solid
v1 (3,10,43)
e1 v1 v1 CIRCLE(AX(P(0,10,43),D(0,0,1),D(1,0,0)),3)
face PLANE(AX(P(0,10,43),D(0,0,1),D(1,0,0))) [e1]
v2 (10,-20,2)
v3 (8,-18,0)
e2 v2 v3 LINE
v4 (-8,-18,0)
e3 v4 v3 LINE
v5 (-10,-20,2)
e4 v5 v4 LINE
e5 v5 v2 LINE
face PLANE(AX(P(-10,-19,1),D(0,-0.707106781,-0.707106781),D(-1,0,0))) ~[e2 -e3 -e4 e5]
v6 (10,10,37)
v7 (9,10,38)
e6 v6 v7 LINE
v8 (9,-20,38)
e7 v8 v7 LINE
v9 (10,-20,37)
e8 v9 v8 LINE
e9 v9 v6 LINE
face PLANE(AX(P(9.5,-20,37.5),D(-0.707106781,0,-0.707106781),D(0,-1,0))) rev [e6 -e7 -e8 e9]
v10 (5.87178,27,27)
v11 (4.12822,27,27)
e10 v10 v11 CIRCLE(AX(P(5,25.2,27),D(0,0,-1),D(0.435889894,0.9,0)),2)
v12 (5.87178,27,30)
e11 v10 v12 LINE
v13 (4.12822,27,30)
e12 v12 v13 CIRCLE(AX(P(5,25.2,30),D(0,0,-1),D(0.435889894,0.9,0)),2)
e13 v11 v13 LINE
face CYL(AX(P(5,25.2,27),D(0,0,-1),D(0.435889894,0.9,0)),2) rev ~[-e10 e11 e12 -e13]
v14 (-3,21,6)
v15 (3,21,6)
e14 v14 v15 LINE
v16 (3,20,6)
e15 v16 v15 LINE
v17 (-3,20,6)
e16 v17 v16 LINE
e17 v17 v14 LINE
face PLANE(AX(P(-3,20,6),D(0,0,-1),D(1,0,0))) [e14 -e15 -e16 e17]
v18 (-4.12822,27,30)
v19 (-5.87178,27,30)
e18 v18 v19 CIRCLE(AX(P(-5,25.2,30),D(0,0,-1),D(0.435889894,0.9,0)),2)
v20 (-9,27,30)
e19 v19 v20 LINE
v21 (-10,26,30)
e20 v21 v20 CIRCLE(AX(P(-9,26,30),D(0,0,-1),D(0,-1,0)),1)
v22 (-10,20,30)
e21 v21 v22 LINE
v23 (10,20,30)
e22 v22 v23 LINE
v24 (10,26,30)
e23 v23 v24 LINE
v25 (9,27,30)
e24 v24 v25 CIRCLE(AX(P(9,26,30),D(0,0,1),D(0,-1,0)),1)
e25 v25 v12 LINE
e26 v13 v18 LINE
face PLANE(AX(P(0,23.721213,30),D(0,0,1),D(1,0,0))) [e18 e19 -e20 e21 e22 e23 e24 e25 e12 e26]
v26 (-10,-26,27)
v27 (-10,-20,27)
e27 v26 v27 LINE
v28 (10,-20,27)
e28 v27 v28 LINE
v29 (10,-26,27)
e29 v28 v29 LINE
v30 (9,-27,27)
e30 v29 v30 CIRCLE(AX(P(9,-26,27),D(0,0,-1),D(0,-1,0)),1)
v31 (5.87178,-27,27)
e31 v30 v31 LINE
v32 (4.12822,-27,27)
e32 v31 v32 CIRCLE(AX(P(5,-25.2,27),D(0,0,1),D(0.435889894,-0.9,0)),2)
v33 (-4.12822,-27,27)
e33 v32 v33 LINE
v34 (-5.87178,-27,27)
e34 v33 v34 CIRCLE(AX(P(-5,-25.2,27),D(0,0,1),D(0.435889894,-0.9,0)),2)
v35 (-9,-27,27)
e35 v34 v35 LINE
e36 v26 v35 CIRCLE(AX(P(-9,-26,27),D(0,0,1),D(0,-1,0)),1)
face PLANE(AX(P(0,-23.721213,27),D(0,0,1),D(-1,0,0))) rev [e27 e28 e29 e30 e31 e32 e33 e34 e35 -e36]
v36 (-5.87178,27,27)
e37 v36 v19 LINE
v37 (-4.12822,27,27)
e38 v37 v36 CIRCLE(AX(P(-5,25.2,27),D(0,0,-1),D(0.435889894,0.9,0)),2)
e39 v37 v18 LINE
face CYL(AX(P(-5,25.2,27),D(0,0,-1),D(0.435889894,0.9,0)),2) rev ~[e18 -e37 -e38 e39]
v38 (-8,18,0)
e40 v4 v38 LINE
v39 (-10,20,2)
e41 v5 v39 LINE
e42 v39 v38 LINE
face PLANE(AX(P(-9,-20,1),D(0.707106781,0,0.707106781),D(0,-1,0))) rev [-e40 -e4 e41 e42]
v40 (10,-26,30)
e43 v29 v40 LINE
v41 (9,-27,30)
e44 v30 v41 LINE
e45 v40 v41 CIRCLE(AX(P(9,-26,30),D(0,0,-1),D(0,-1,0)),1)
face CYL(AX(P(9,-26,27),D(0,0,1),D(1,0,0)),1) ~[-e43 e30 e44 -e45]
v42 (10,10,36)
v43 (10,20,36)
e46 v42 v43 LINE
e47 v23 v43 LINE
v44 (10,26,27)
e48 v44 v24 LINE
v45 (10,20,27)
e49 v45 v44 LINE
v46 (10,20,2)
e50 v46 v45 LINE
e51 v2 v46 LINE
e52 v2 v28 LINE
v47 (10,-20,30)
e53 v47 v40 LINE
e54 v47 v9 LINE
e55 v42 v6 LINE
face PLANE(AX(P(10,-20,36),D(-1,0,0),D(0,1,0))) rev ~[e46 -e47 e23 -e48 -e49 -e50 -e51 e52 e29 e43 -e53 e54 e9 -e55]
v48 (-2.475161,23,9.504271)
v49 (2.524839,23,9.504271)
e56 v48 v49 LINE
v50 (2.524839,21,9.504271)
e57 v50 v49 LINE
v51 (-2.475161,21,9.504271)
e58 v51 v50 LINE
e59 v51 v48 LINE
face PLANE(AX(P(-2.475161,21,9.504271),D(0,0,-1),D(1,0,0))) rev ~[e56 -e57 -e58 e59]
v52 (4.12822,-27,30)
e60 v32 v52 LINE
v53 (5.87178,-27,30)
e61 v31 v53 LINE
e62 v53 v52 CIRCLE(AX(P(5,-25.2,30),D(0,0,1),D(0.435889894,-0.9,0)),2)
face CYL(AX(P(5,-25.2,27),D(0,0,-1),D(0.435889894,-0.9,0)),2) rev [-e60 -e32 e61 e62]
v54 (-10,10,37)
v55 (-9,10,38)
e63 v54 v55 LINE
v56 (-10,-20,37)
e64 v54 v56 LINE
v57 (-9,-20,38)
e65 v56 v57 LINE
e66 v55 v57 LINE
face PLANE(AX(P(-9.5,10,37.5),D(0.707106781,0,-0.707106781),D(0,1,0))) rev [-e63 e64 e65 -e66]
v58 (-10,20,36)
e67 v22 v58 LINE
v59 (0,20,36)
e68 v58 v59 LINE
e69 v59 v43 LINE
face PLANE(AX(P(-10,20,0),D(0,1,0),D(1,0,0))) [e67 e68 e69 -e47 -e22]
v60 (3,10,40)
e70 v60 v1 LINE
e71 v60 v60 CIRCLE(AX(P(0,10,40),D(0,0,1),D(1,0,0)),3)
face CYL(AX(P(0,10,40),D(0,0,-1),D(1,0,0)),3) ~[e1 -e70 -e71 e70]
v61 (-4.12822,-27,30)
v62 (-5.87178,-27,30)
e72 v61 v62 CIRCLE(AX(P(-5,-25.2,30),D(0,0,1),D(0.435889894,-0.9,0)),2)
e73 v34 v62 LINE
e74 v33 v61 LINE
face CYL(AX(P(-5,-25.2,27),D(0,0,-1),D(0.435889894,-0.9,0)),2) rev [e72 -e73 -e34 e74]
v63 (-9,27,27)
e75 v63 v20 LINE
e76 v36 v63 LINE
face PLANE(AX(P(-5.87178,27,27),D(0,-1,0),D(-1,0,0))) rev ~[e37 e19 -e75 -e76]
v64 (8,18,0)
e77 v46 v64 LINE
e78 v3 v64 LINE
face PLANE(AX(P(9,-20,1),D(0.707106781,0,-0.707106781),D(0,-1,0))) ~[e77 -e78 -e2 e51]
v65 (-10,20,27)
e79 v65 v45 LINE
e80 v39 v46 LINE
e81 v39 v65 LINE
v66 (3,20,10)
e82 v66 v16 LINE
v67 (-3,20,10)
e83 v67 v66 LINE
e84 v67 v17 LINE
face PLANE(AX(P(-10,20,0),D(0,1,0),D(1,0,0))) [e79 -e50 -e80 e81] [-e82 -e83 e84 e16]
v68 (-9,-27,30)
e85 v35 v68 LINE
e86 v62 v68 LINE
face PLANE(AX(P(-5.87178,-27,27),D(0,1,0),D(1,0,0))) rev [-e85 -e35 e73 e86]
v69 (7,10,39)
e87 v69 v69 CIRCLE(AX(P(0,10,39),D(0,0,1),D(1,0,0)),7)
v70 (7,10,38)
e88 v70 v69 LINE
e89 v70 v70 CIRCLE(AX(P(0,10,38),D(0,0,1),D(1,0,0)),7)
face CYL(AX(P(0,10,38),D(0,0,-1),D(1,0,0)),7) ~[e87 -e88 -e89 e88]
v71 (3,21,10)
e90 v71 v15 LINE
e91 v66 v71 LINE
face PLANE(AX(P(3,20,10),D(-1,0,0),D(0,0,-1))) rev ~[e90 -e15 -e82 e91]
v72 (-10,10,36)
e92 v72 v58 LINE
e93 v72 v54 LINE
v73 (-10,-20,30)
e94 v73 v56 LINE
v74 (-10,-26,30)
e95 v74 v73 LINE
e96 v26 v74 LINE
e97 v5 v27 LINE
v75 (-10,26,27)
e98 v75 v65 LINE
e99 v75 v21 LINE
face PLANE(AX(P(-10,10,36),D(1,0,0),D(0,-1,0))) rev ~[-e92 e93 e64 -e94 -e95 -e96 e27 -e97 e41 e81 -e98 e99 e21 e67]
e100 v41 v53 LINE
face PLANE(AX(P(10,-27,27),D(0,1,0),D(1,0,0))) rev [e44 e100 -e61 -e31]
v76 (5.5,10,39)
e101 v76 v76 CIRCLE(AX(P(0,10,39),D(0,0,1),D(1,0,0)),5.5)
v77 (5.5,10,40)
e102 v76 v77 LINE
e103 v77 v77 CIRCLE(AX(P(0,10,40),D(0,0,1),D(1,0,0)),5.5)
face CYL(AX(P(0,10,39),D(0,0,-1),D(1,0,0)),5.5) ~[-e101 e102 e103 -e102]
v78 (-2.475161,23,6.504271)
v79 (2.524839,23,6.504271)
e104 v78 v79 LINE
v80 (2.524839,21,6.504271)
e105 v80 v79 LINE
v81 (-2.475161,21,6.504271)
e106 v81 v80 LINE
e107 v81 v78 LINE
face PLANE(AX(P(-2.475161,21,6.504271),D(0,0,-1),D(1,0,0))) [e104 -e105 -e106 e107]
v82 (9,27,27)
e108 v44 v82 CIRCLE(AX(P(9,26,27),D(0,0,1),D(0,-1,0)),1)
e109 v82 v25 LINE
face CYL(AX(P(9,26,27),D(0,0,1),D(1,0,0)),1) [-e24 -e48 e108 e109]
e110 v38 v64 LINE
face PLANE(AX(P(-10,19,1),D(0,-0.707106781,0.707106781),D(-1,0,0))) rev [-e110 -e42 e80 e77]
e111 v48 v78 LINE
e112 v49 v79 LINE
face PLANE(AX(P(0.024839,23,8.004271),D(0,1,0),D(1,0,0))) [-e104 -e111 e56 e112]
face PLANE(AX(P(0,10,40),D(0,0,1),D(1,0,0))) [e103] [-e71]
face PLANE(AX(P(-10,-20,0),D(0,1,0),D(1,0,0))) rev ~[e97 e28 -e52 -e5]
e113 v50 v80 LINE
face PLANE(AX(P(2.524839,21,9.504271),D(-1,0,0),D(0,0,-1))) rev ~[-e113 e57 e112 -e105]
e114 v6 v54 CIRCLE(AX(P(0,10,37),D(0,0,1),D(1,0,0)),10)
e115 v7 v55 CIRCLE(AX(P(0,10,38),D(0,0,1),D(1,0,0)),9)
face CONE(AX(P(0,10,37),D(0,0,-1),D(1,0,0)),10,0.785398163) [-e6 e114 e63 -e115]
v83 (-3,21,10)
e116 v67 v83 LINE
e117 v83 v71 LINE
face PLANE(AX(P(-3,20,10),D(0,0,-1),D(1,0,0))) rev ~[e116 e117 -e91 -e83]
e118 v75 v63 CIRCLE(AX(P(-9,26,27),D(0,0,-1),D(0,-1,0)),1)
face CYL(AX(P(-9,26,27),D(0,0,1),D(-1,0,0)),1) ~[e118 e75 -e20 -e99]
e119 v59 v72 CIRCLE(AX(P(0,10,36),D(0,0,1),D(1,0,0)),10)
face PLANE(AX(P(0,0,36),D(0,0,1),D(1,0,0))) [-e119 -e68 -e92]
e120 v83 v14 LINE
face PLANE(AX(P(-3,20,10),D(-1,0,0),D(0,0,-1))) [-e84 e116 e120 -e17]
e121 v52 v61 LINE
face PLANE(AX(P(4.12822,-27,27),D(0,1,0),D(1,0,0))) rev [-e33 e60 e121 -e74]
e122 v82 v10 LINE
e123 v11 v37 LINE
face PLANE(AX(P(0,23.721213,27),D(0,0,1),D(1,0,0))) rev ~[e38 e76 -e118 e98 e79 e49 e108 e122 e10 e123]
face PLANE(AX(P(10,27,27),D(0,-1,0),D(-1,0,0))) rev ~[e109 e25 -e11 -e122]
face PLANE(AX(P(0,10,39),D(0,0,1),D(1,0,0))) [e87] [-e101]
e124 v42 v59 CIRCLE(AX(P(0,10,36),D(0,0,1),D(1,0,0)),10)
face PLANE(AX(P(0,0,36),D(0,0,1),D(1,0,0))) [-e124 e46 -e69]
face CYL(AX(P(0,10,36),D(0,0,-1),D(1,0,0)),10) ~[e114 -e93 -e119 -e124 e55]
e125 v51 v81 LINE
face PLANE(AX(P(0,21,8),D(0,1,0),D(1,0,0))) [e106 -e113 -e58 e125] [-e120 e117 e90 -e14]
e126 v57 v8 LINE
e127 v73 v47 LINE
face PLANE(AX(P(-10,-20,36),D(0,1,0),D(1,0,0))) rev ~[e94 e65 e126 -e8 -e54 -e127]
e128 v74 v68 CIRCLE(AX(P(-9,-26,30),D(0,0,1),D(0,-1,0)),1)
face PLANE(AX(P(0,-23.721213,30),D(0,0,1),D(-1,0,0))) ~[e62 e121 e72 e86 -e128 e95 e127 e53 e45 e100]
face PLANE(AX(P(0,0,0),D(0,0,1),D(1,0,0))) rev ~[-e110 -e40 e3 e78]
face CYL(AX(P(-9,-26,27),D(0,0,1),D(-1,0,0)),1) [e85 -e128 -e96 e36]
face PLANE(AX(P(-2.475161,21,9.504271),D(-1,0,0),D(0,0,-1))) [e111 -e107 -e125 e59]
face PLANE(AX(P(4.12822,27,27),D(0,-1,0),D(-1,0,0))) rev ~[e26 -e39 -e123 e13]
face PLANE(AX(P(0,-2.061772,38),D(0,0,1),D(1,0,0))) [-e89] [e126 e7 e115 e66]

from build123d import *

# Parameters (mm, degrees)
SKETCH1_W            = 20
SKETCH1_H            = 40
BOSS_EXTRUDE1_DEPTH  = 36
CHAMFER1_SIZE        = 2
BOSS_EXTRUDE7_DEPTH  = 3
FILLET1_R            = 1
FILLET2_R            = 1
SKETCH3_W            = 6
SKETCH3_H            = 4
BOSS_EXTRUDE8_DEPTH  = 1
SKETCH4_W            = 5
SKETCH4_H            = 3
BOSS_EXTRUDE9_DEPTH  = 2
BOSS_EXTRUDE10_DEPTH = 2
CHAMFER2_SIZE        = 1
SKETCH6_R            = 7
BOSS_EXTRUDE11_DEPTH = 1
SKETCH7_R            = 5.5
BOSS_EXTRUDE12_DEPTH = 1
SKETCH8_R            = 3
BOSS_EXTRUDE13_DEPTH = 3


with BuildPart() as part:
    # Sketch1 → Boss-Extrude1 (new body)
    with BuildSketch(Plane.XY):
        Rectangle(SKETCH1_W, SKETCH1_H)
    extrude(amount=BOSS_EXTRUDE1_DEPTH)

    # Chamfer1
    chamfer1_edges = [part.edges().sort_by_distance(p)[0] for p in [
        (0, -20, 0),
        (-10, 0, 0),
        (0, 20, 0),
        (10, 0, 0),
    ]]
    chamfer(chamfer1_edges, length=CHAMFER1_SIZE)

    # Sketch2 → Boss-Extrude7 (add)
    with BuildSketch(Plane.XY.offset(27)):
        with BuildLine():
            Line((-10, 20), (10, 20))
            Line((10, 20), (10, 27))
            Line((10, 27), (5.871779789, 27))
            ThreePointArc((5.871779789, 27), (5, 23.2), (4.128220211, 27))
            Line((4.128220211, 27), (-4.128220211, 27))
            ThreePointArc((-4.128220211, 27), (-5, 23.2), (-5.871779789, 27))
            Line((-5.871779789, 27), (-10, 27))
            Line((-10, 27), (-10, 20))
        make_face()
    boss_extrude7 = extrude(amount=BOSS_EXTRUDE7_DEPTH)

    # Fillet1
    fillet1_edges = [part.edges().sort_by_distance(p)[0] for p in [
        (10, 27, 28.5),
        (-10, 27, 28.5),
    ]]
    fillet(fillet1_edges, radius=FILLET1_R)

    # Mirror1: Boss-Extrude7 across plane
    add(boss_extrude7.mirror(Plane.ZX))

    # Fillet2
    fillet2_edges = [part.edges().sort_by_distance(p)[0] for p in [
        (-10, -27, 28.5),
        (10, -27, 28.5),
    ]]
    fillet(fillet2_edges, radius=FILLET2_R)

    # Sketch3 → Boss-Extrude8 (add)
    with BuildSketch(Plane(origin=(0, 20, 0), x_dir=(1, 0, 0), z_dir=(0, 1, 0))):
        with Locations((0, -8)):
            Rectangle(SKETCH3_W, SKETCH3_H)
    extrude(amount=BOSS_EXTRUDE8_DEPTH)

    # Sketch4 → Boss-Extrude9 (add)
    with BuildSketch(Plane(origin=(0, 21, 0), x_dir=(1, 0, 0), z_dir=(0, 1, 0))):
        with Locations((0.024838868, -8.004270903)):
            Rectangle(SKETCH4_W, SKETCH4_H)
    extrude(amount=BOSS_EXTRUDE9_DEPTH)

    # Sketch5 → Boss-Extrude10 (add)
    with BuildSketch(Plane.XY.offset(36)):
        with BuildLine():
            Line((-10, 10), (-10, -20))
            Line((-10, -20), (10, -20))
            Line((10, -20), (10, 10))
            ThreePointArc((10, 10), (0, 20), (-10, 10))
        make_face()
    extrude(amount=BOSS_EXTRUDE10_DEPTH)

    # Chamfer2
    chamfer2_edges = [part.edges().sort_by_distance(p)[0] for p in [
        (10, -5, 38),
        (0, 20, 38),
        (-10, -5, 38),
    ]]
    chamfer(chamfer2_edges, length=CHAMFER2_SIZE)

    # Sketch6 → Boss-Extrude11 (add)
    with BuildSketch(Plane.XY.offset(38)):
        with Locations((0, 10)):
            Circle(SKETCH6_R)
    extrude(amount=BOSS_EXTRUDE11_DEPTH)

    # Sketch7 → Boss-Extrude12 (add)
    with BuildSketch(Plane.XY.offset(39)):
        with Locations((0, 10)):
            Circle(SKETCH7_R)
    extrude(amount=BOSS_EXTRUDE12_DEPTH)

    # Sketch8 → Boss-Extrude13 (add)
    with BuildSketch(Plane.XY.offset(40)):
        with Locations((0, 10)):
            Circle(SKETCH8_R)
    extrude(amount=BOSS_EXTRUDE13_DEPTH)


solid = part.part
